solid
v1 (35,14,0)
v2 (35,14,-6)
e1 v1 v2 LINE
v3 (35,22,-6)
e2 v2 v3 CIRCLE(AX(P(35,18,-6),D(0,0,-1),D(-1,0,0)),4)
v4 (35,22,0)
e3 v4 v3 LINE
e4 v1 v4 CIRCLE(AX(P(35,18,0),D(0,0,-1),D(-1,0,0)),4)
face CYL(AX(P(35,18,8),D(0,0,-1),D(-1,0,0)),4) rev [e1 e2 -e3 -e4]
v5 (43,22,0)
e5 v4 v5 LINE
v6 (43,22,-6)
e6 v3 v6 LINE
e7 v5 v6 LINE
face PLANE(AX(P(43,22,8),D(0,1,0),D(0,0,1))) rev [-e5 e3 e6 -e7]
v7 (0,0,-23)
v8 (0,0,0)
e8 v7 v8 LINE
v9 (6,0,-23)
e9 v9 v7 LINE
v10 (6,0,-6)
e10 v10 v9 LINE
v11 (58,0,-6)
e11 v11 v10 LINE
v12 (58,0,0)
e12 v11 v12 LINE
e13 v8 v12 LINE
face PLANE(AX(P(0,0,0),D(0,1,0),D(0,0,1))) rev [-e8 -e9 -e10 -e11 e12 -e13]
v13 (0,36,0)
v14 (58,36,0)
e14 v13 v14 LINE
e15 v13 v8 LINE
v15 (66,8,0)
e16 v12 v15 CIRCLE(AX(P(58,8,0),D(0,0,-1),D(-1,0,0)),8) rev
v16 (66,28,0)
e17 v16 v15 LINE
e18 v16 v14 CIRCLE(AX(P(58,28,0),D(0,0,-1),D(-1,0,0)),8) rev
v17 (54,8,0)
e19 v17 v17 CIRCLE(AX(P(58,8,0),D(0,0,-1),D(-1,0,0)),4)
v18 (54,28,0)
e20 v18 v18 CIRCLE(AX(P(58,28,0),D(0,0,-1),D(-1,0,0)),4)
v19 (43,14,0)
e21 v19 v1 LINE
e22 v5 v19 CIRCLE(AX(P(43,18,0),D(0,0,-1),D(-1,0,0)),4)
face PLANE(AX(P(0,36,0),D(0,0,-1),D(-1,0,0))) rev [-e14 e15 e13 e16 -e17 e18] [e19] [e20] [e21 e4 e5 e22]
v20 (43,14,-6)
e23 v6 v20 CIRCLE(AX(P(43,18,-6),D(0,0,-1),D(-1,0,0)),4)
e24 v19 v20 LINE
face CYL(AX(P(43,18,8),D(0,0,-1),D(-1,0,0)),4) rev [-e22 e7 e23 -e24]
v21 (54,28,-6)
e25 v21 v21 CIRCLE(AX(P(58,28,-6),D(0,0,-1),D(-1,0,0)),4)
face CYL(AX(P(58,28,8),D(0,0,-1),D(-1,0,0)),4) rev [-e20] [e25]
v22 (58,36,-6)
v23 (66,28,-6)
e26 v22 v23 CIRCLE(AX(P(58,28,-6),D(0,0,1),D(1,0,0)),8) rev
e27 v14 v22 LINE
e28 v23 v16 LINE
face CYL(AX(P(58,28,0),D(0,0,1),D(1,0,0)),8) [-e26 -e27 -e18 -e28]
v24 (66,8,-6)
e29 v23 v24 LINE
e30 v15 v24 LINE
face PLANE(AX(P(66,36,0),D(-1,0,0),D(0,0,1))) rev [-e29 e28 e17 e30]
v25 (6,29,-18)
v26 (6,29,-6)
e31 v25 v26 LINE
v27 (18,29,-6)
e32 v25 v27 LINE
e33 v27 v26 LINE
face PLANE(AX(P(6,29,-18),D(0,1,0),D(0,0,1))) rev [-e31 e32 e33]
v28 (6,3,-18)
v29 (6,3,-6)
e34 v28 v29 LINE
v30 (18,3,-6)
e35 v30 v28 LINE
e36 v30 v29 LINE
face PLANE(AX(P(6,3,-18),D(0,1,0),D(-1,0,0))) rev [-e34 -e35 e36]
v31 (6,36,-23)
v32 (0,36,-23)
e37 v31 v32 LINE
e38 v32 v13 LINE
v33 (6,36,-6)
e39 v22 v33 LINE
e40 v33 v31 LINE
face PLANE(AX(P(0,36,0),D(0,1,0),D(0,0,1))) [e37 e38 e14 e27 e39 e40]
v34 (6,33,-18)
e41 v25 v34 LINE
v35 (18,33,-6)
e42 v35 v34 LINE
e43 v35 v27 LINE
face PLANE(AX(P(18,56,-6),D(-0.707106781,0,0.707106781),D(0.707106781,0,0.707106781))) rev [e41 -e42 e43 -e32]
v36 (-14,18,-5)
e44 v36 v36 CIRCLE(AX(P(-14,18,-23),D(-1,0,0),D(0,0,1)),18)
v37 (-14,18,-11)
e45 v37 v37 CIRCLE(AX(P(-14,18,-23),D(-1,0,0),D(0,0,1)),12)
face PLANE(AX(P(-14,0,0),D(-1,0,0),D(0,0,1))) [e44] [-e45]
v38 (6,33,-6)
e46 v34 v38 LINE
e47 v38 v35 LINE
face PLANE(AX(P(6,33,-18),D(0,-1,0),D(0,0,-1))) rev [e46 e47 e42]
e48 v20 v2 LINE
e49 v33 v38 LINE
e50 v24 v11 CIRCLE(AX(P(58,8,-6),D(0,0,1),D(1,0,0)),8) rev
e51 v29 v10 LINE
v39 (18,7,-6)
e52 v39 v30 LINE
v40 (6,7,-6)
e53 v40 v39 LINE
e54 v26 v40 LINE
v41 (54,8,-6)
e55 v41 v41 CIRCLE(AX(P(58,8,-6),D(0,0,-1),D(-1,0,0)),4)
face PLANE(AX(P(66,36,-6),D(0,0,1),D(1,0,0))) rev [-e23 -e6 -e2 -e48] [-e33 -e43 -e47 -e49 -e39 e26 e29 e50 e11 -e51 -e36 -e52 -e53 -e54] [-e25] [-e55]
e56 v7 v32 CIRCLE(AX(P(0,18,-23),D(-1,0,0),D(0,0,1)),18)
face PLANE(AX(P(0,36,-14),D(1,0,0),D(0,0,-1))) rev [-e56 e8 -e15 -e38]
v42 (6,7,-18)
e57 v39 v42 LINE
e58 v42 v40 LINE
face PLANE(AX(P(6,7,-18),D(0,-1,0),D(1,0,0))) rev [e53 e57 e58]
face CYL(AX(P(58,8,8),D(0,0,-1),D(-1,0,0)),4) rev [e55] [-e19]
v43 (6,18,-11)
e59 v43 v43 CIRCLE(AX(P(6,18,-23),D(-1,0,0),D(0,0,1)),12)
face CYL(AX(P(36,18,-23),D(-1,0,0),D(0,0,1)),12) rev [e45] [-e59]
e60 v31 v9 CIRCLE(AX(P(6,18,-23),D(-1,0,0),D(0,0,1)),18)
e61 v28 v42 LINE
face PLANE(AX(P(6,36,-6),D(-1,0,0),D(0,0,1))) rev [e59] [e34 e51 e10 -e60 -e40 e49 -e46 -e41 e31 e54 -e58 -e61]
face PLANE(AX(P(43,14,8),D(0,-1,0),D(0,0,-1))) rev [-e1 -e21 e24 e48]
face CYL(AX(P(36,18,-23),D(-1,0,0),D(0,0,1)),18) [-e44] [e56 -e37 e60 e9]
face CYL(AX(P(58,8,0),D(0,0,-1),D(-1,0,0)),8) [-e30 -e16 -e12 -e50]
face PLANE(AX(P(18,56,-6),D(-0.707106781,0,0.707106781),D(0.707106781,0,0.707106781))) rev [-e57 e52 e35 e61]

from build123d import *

# Parameters (mm, degrees)
BOSS_EXTRUDE1_DEPTH = 36
SKETCH2_W           = 16.184746641
SKETCH2_H           = 32
CUT_EXTRUDE1_DEPTH  = 36
CUT_EXTRUDE2_DEPTH  = 36
SKETCH4_3_R         = 12
CUT_EXTRUDE3_DEPTH  = 36
BOSS_EXTRUDE2_START = 14
SKETCH4_4_R         = 12
BOSS_EXTRUDE2_DEPTH = 14
SKETCH5_R           = 4
CUT_EXTRUDE4_DEPTH  = 14
FILLET2_R           = 8
SKETCH9_W           = 12
SKETCH9_H           = 4
BOSS_EXTRUDE3_DEPTH = 12
CUT_EXTRUDE5_DEPTH  = 53


with BuildPart() as part:
    # Sketch1 → Boss-Extrude1 (new body)
    with BuildSketch(Plane(origin=(0, 0, 0), x_dir=(1, 0, 0), z_dir=(0, 1, 0))):
        Polygon((0, 0), (66, 0), (66, 6), (6, 6), (6, 46), (-14, 46), (-14, 14), (0, 14), align=None)
    extrude(amount=BOSS_EXTRUDE1_DEPTH)

    # Sketch2 → Cut-Extrude1 (cut)
    with BuildSketch(Plane(origin=(0, 36, 0), x_dir=(1, 0, 0), z_dir=(0, 1, 0))):
        with Locations((-8.092373321, 30)):
            Rectangle(SKETCH2_W, SKETCH2_H)
    extrude(amount=-CUT_EXTRUDE1_DEPTH, mode=Mode.SUBTRACT)

    # Sketch4 → Cut-Extrude2 (cut)
    with BuildSketch(Plane.ZY):
        with BuildLine():
            ThreePointArc((-23, 0), (-41, 18), (-23, 36))
            Line((-23, 36), (-46, 36))
            Line((-46, 36), (-46, 0))
            Line((-46, 0), (-23, 0))
        make_face()
    extrude(amount=-CUT_EXTRUDE2_DEPTH, mode=Mode.SUBTRACT)

    # Sketch4<3> → Cut-Extrude3 (cut)
    with BuildSketch(Plane.ZY):
        with Locations((-23, 18)):
            Circle(SKETCH4_3_R)
    extrude(amount=-CUT_EXTRUDE3_DEPTH, mode=Mode.SUBTRACT)

    # Sketch4<4> → Boss-Extrude2 (add)
    with BuildSketch(Plane.ZY.offset(BOSS_EXTRUDE2_START)):
        with BuildLine():
            ThreePointArc((-5, 18), (-10.272077939, 30.727922061), (-23, 36))
            ThreePointArc((-23, 36), (-41, 18), (-23, 0))
            ThreePointArc((-23, 0), (-10.272077939, 5.272077939), (-5, 18))
        make_face()
        with Locations((-23, 18)):
            Circle(SKETCH4_4_R, mode=Mode.SUBTRACT)
    extrude(amount=-BOSS_EXTRUDE2_DEPTH)

    # Sketch5 → Cut-Extrude4 (cut)
    with BuildSketch(Plane(origin=(0, 0, -6), x_dir=(-1, 0, 0), z_dir=(0, 0, -1))):
        with Locations((-58, 28)):
            Circle(SKETCH5_R)
        with Locations((-58, 8)):
            Circle(SKETCH5_R)
        with BuildLine():
            Line((-43, 22), (-35, 22))
            ThreePointArc((-35, 22), (-31, 18), (-35, 14))
            Line((-35, 14), (-43, 14))
            ThreePointArc((-43, 14), (-47, 18), (-43, 22))
        make_face()
    extrude(amount=-CUT_EXTRUDE4_DEPTH, mode=Mode.SUBTRACT)

    # Fillet2
    fillet2_edges = [part.edges().sort_by_distance(p)[0] for p in [
        (66, 36, -3),
        (66, 0, -3),
    ]]
    fillet(fillet2_edges, radius=FILLET2_R)

    # Sketch9 → Boss-Extrude3 (add)
    with BuildSketch(Plane(origin=(0, 0, -6), x_dir=(-1, 0, 0), z_dir=(0, 0, -1))):
        with Locations((-12, 31)):
            Rectangle(SKETCH9_W, SKETCH9_H)
        with Locations((-12, 5)):
            Rectangle(SKETCH9_W, SKETCH9_H)
    extrude(amount=BOSS_EXTRUDE3_DEPTH)

    # Sketch10 → Cut-Extrude5 (cut)
    with BuildSketch(Plane.XZ.offset(-3)):
        Polygon((18, -6), (6, -18), (14.583968048, -28.688637826), (24.603794653, -16.204919433), align=None)
    extrude(amount=-CUT_EXTRUDE5_DEPTH, mode=Mode.SUBTRACT)


solid = part.part
